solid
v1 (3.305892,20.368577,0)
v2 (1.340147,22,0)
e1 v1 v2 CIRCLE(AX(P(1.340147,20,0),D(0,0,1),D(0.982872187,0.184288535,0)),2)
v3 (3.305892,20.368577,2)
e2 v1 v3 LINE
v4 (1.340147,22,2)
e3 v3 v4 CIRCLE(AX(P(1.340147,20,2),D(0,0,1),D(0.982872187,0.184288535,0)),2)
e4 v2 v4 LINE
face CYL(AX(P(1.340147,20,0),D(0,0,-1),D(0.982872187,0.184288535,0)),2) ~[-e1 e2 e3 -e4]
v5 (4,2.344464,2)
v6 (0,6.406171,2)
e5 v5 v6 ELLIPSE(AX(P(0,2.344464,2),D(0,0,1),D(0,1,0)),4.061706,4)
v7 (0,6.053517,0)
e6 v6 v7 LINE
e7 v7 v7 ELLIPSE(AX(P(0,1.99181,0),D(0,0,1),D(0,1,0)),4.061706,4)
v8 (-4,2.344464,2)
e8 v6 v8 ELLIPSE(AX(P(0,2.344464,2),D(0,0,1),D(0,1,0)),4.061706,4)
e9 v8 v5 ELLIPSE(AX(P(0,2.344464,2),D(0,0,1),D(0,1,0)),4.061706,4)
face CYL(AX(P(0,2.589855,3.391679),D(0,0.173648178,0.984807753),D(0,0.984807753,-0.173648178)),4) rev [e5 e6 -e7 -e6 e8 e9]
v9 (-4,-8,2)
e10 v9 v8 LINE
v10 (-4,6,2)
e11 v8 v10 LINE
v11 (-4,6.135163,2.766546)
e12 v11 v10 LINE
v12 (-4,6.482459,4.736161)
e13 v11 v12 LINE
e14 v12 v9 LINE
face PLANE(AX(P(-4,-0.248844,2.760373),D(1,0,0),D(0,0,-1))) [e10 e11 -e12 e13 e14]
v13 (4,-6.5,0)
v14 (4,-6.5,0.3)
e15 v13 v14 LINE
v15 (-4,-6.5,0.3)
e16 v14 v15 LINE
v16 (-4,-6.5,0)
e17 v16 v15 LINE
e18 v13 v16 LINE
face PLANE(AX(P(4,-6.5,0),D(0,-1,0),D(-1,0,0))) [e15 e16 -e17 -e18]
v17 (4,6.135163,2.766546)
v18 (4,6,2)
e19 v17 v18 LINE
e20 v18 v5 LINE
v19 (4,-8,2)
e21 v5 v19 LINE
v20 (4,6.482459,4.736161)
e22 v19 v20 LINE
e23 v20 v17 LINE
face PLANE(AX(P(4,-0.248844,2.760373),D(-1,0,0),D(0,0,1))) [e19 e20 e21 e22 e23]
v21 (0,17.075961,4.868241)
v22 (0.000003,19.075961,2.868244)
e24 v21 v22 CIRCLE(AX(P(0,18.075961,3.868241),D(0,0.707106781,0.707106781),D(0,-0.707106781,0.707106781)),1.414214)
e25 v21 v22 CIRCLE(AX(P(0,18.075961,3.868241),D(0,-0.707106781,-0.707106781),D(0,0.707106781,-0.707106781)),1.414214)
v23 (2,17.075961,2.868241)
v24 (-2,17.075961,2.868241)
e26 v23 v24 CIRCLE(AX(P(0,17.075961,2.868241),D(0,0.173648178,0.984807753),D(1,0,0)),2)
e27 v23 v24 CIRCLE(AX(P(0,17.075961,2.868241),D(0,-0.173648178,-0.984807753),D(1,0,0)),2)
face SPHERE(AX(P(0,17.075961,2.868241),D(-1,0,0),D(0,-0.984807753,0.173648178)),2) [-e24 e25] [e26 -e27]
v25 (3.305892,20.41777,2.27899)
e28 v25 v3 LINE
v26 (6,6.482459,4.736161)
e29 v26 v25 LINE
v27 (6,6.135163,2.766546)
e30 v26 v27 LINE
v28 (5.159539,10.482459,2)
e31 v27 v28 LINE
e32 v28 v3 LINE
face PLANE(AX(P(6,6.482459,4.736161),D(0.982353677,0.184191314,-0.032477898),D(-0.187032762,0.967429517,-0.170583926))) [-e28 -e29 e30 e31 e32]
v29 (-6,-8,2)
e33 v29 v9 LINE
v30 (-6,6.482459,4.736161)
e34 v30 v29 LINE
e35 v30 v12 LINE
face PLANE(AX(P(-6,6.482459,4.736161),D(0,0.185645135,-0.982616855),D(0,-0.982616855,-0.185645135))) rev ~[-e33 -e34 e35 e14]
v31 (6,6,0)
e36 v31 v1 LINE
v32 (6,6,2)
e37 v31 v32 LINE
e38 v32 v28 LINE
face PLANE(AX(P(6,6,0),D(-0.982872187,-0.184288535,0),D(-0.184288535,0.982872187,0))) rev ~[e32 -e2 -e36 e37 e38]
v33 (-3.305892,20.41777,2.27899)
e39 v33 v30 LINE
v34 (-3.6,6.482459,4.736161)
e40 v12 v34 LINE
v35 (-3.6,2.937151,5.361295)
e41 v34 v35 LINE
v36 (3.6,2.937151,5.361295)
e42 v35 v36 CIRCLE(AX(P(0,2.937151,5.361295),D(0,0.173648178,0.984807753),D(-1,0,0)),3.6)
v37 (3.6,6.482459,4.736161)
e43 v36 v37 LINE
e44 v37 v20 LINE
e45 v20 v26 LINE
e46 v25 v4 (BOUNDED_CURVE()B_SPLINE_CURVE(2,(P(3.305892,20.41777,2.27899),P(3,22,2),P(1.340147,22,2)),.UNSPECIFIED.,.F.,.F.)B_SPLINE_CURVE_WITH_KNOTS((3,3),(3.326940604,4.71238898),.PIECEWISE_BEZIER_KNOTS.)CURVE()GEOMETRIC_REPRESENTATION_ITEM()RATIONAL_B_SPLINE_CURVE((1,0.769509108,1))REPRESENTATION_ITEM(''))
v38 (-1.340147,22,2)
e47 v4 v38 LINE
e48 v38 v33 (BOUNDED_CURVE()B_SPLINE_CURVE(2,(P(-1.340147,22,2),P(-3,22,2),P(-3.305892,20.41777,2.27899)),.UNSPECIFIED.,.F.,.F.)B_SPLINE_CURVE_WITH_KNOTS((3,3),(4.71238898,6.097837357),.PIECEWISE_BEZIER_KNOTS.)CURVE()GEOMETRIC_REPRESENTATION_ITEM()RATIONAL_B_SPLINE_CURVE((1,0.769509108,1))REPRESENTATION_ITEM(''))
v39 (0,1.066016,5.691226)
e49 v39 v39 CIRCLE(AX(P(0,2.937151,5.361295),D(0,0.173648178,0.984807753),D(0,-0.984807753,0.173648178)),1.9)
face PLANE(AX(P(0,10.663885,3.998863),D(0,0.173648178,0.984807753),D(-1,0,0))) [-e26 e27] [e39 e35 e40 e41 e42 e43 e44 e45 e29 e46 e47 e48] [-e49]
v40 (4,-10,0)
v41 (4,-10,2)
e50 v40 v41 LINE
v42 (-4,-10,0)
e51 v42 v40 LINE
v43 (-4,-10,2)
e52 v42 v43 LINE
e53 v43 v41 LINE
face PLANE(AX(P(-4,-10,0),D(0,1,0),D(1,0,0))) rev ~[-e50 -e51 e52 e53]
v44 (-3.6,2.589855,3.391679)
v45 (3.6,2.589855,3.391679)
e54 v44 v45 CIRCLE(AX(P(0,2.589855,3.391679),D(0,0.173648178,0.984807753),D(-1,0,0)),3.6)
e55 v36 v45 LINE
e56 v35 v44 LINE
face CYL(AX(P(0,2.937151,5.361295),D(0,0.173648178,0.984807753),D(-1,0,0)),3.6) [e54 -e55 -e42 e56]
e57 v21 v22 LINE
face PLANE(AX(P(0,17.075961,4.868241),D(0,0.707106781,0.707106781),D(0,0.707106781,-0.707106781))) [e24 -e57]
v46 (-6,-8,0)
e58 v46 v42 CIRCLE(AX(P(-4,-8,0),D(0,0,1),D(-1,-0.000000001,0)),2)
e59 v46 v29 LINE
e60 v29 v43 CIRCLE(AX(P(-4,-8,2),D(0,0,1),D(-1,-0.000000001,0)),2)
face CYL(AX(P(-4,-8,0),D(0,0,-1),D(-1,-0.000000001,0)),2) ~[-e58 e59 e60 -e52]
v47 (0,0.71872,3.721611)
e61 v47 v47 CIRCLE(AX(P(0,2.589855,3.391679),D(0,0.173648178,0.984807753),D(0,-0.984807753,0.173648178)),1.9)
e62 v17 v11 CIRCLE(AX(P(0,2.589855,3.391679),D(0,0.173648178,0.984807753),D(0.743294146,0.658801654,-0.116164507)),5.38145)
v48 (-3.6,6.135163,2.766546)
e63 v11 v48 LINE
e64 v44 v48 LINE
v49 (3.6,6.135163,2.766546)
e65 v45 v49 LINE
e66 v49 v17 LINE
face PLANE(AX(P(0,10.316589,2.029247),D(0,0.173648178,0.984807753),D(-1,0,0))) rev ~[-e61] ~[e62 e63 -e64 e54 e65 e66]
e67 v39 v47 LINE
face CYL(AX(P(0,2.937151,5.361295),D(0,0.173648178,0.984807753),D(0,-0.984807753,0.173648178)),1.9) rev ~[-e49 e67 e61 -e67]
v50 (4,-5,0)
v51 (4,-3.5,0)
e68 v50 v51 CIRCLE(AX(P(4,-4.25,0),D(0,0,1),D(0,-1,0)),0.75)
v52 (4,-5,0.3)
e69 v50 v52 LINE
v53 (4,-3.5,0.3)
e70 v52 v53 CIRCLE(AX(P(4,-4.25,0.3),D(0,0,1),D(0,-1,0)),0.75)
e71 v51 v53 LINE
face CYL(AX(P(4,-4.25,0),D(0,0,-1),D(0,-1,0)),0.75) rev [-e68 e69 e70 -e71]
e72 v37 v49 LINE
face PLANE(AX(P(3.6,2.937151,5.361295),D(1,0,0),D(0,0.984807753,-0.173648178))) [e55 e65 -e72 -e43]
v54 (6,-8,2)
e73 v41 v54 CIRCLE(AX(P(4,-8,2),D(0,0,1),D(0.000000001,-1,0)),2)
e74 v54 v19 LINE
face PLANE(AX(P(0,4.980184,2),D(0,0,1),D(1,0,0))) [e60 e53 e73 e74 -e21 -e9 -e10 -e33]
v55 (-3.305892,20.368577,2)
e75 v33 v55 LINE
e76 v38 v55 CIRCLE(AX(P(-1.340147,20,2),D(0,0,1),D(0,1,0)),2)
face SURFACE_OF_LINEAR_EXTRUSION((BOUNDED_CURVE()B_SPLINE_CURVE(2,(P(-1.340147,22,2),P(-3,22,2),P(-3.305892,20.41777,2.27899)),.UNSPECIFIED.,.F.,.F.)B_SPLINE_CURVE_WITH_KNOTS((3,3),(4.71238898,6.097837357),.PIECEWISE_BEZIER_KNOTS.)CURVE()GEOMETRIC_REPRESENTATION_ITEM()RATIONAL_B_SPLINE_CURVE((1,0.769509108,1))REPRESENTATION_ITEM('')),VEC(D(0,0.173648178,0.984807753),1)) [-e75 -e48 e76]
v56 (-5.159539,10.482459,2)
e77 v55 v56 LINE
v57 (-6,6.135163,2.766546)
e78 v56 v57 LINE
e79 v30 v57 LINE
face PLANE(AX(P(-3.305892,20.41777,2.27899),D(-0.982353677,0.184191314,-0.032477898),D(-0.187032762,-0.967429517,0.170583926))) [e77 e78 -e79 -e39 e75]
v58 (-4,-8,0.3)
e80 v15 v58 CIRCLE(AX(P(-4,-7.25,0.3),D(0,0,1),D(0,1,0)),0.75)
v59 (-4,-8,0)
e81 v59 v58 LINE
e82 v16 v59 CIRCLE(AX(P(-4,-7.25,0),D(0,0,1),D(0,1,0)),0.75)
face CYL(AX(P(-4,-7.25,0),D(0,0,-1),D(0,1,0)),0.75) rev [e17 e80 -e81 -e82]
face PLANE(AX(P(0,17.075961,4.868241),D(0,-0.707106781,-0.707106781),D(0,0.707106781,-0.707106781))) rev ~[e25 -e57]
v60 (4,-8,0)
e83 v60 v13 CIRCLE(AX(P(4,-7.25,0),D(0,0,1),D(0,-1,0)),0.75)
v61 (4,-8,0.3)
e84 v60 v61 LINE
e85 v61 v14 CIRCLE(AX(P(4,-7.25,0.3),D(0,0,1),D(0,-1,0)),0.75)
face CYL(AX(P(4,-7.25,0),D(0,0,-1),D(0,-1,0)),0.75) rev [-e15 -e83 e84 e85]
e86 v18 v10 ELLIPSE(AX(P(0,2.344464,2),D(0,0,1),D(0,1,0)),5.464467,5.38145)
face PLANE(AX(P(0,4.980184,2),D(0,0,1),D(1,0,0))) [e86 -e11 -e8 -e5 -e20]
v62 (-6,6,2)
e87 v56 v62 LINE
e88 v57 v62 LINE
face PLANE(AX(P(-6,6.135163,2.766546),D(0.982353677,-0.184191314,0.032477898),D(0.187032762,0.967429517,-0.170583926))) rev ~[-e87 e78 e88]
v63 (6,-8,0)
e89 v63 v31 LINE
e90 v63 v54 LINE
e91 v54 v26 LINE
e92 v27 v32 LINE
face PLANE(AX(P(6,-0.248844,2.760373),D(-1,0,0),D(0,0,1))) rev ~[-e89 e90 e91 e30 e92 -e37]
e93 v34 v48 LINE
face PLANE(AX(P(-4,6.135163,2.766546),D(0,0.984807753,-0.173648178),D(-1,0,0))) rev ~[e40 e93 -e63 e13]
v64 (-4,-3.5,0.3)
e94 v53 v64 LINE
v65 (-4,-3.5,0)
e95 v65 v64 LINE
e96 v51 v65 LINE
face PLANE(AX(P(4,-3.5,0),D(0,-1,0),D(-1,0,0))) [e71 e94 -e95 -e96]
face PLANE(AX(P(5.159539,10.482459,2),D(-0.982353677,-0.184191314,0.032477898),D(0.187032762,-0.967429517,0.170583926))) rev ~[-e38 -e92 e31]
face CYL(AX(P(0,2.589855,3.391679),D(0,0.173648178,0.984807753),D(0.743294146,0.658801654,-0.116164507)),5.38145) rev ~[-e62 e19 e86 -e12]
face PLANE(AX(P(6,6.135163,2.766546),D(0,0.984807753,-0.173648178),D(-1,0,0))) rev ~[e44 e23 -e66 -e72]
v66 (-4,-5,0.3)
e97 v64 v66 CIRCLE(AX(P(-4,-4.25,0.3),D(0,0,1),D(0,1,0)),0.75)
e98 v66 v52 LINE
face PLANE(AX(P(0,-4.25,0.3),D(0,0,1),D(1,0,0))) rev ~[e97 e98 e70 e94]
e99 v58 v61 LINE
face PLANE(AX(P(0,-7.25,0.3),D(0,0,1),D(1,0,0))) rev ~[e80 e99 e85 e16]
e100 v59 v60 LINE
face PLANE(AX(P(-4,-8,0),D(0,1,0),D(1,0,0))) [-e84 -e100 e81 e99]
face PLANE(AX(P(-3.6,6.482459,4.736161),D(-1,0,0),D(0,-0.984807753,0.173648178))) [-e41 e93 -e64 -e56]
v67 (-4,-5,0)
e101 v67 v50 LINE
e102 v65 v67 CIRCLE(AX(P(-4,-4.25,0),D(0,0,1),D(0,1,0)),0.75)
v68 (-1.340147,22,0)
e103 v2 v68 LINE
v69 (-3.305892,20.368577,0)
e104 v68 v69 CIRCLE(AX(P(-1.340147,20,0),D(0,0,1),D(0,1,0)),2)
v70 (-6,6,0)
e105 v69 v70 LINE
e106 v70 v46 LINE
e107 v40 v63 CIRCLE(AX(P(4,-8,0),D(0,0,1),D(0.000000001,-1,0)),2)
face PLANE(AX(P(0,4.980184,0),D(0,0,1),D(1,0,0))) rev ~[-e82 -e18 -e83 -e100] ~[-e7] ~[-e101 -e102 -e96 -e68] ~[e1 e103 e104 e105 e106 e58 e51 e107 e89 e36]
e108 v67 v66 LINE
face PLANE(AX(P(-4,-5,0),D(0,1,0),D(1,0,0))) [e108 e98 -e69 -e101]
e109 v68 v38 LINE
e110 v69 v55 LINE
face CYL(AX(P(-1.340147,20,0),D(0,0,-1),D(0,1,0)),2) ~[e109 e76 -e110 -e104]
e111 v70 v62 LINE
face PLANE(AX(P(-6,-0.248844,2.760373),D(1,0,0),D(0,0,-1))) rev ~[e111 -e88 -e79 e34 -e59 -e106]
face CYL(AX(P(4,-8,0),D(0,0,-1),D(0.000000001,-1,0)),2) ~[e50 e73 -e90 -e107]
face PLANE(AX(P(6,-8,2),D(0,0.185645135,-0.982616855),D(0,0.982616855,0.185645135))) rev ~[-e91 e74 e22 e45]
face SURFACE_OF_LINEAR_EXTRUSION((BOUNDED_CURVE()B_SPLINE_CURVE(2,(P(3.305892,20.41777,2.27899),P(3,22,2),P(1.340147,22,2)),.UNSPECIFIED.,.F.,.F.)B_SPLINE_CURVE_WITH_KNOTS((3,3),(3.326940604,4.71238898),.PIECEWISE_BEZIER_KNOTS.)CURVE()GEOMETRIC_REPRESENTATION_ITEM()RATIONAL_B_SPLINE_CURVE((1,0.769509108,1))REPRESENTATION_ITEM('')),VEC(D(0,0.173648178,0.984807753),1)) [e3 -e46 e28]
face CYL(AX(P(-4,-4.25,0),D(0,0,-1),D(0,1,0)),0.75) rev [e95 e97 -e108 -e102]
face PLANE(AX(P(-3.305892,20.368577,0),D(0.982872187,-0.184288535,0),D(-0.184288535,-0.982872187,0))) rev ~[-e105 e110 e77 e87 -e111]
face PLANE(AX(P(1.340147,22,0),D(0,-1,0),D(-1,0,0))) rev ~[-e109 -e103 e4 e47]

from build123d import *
from build123d.topology import SkipClean

# Parameters (mm, degrees)
BOSS_EXTRUDE1_DEPTH     = 2
SKETCH2_R               = 1.9
BOSS_EXTRUDE2_DEPTH     = 2
CUT_EXTRUDE1_REACH      = 24.481
SKETCH4_R               = 4
BOSS_EXTRUDE3_REACH     = 24.481
BOSS_EXTRUDE4_DEPTH     = 2
BOSS_EXTRUDE5_DEPTH     = 2
CUT_EXTRUDE2_DEPTH      = 0.3
REVOLVE1_ANGLE          = 180
CUT_EXTRUDE3_DEPTH      = 24.576202563
CUT_EXTRUDE3_DEPTH_BACK = 24.576202563


with BuildPart() as part:
    # Sketch1 → Boss-Extrude1 (new body)
    with BuildSketch(Plane.XY):
        with BuildLine():
            Line((-4, -10), (4, -10))
            ThreePointArc((4, -10), (5.414213562, -9.414213562), (6, -8))
            Line((6, -8), (6, 6))
            Line((6, 6), (3.305891799, 20.36857707))
            ThreePointArc((3.305891799, 20.36857707), (2.6174191, 21.539018216), (1.340147425, 22))
            Line((1.340147425, 22), (-1.340147425, 22))
            ThreePointArc((-1.340147425, 22), (-2.6174191, 21.539018216), (-3.305891799, 20.36857707))
            Line((-3.305891799, 20.36857707), (-6, 6))
            Line((-6, 6), (-6, -8))
            ThreePointArc((-6, -8), (-5.414213562, -9.414213562), (-4, -10))
        make_face()
    extrude(amount=BOSS_EXTRUDE1_DEPTH)

    # Sketch2 → Boss-Extrude2 (add)
    with BuildSketch(Plane(origin=(0, 1.005401315, 5.701914197), x_dir=(-1, 0, 0), z_dir=(0, 0.1736481776669307, 0.984807753012208))):
        with BuildLine():
            Line((-3.6, -1.961550163), (-3.6, -5.561550163))
            Line((-3.6, -5.561550163), (-6, -5.561550163))
            Line((-6, -5.561550163), (-3.305891799, -19.711836261))
            add(Edge.make_bspline(
                [(-3.305891799, -19.711836261), (-3, -21.318474211), (-1.340147425, -21.318474211)],
                knots=[3.326940604, 3.326940604, 3.326940604, 4.71238898, 4.71238898, 4.71238898], degree=2, weights=[1, 0.769509108, 1]))
            Line((-1.340147425, -21.318474211), (1.340147425, -21.318474211))
            add(Edge.make_bspline(
                [(1.340147425, -21.318474211), (3, -21.318474211), (3.305891799, -19.711836261)],
                knots=[4.71238898, 4.71238898, 4.71238898, 6.097837357, 6.097837357, 6.097837357], degree=2, weights=[1, 0.769509108, 1]))
            Line((3.305891799, -19.711836261), (6, -5.561550163))
            Line((6, -5.561550163), (3.6, -5.561550163))
            Line((3.6, -5.561550163), (3.6, -1.961550163))
            ThreePointArc((3.6, -1.961550163), (0, 1.638449837), (-3.6, -1.961550163))
        make_face()
        with Locations(Location((0, -1.961550163, 0), (0, 0, 90))):
            Circle(SKETCH2_R, mode=Mode.SUBTRACT)
    extrude(amount=-BOSS_EXTRUDE2_DEPTH)

    # Cut-Extrude1: up to this plane
    cut_extrude1_end = Plane(origin=(1.340147425, 20, 0), z_dir=(0, 0, 1))
    # Sketch4 → Cut-Extrude1 (cut, up to the surface)
    with BuildSketch(Plane(origin=(0, 0.658104959, 3.732298691), x_dir=(-1, 0, 0), z_dir=(0, -0.1736481776669307, -0.9848077530122081)), mode=Mode.PRIVATE) as cut_extrude1_sk1:
        with Locations(Location((0, 1.961550163, 0), (0, 0, 90))):
            Circle(SKETCH4_R)
    cut_extrude1_tool1 = split(extrude(cut_extrude1_sk1.sketch, amount=CUT_EXTRUDE1_REACH, mode=Mode.PRIVATE), bisect_by=cut_extrude1_end, keep=Keep.BOTH, mode=Mode.PRIVATE)
    add(cut_extrude1_tool1.solids().sort_by_distance((0, 2.589855, 3.391679))[0], mode=Mode.SUBTRACT)

    # Sketch5 → Boss-Extrude3 (add, up to next)
    with BuildSketch(Plane(origin=(0, 0.658104959, 3.732298691), x_dir=(-1, 0, 0), z_dir=(0, -0.1736481776669307, -0.9848077530122081)), mode=Mode.PRIVATE) as boss_extrude3_sk1:
        with BuildLine():
            Line((-6, 5.561550163), (-4, 5.561550163))
            ThreePointArc((-4, 5.561550163), (0, 7.342999782), (4, 5.561550163))
            Line((4, 5.561550163), (6, 5.561550163))
            Line((6, 5.561550163), (5.159538931, 9.975910572))
            Line((5.159538931, 9.975910572), (-5.159538931, 9.975910572))
            Line((-5.159538931, 9.975910572), (-6, 5.561550163))
        make_face()
    boss_extrude3_tool1 = extrude(boss_extrude3_sk1.sketch, amount=BOSS_EXTRUDE3_REACH, mode=Mode.PRIVATE) - part.part
    add(boss_extrude3_tool1.solids().sort_by_distance((0, 8.606511, 2.33078))[0])

    # Sketch6 → Boss-Extrude4 (add)
    with BuildSketch(Plane(origin=(6, 0, 0), x_dir=(0, 0, -1), z_dir=(1, 0, 0))):
        Polygon((-4.736161147, 6.482459034), (-2, 6), (-2, -8), align=None)
    extrude(amount=-BOSS_EXTRUDE4_DEPTH)

    # Sketch7 → Boss-Extrude5 (add)
    with BuildSketch(Plane.ZY.offset(6)):
        Polygon((2, 6), (4.736161147, 6.482459034), (2, -8), align=None)
    extrude(amount=-BOSS_EXTRUDE5_DEPTH)

    # Sketch8 → Cut-Extrude2 (cut)
    with BuildSketch(Plane(origin=(0, 0, 0), x_dir=(-1, 0, 0), z_dir=(0, 0, -1))):
        with BuildLine():
            Line((-4, -3.5), (4, -3.5))
            ThreePointArc((4, -3.5), (4.75, -4.25), (4, -5))
            Line((4, -5), (-4, -5))
            ThreePointArc((-4, -5), (-4.75, -4.25), (-4, -3.5))
        make_face()
        with BuildLine():
            Line((-4, -6.5), (4, -6.5))
            ThreePointArc((4, -6.5), (4.75, -7.25), (4, -8))
            Line((4, -8), (-4, -8))
            ThreePointArc((-4, -8), (-4.75, -7.25), (-4, -6.5))
        make_face()
    extrude(amount=-CUT_EXTRUDE2_DEPTH, mode=Mode.SUBTRACT)

    # Sketch9 → Revolve1 (revolve)
    with BuildSketch(Plane(origin=(0, 1.005401315, 5.701914197), x_dir=(1, 0, 0), z_dir=(0, 0.1736481776669307, 0.9848077530122081))):
        with BuildLine():
            Line((-2, 16.318474211), (2, 16.318474211))
            ThreePointArc((2, 16.318474211), (0, 14.318474211), (-2, 16.318474211))
        make_face()
    revolve(axis=Axis((0, 17.075961235, 2.868240888), (-1, 0, 0)), revolution_arc=REVOLVE1_ANGLE)

    # Sketch11 → Cut-Extrude3 (cut, two sides)
    with SkipClean():  # the faces are left unmerged after this step: merging them gives an invalid solid
        with BuildSketch(Plane(origin=(0, 0, 0), x_dir=(0, 0, -1), z_dir=(1, 0, 0))) as cut_extrude3_sk:
            Polygon((-4.868240888, 17.075961235), (-2.868240888, 19.075961235), (-5.75514434, 19.075961235), align=None)
        extrude(amount=CUT_EXTRUDE3_DEPTH, mode=Mode.SUBTRACT)
        extrude(cut_extrude3_sk.sketch, amount=-CUT_EXTRUDE3_DEPTH_BACK, mode=Mode.SUBTRACT)


solid = part.part
